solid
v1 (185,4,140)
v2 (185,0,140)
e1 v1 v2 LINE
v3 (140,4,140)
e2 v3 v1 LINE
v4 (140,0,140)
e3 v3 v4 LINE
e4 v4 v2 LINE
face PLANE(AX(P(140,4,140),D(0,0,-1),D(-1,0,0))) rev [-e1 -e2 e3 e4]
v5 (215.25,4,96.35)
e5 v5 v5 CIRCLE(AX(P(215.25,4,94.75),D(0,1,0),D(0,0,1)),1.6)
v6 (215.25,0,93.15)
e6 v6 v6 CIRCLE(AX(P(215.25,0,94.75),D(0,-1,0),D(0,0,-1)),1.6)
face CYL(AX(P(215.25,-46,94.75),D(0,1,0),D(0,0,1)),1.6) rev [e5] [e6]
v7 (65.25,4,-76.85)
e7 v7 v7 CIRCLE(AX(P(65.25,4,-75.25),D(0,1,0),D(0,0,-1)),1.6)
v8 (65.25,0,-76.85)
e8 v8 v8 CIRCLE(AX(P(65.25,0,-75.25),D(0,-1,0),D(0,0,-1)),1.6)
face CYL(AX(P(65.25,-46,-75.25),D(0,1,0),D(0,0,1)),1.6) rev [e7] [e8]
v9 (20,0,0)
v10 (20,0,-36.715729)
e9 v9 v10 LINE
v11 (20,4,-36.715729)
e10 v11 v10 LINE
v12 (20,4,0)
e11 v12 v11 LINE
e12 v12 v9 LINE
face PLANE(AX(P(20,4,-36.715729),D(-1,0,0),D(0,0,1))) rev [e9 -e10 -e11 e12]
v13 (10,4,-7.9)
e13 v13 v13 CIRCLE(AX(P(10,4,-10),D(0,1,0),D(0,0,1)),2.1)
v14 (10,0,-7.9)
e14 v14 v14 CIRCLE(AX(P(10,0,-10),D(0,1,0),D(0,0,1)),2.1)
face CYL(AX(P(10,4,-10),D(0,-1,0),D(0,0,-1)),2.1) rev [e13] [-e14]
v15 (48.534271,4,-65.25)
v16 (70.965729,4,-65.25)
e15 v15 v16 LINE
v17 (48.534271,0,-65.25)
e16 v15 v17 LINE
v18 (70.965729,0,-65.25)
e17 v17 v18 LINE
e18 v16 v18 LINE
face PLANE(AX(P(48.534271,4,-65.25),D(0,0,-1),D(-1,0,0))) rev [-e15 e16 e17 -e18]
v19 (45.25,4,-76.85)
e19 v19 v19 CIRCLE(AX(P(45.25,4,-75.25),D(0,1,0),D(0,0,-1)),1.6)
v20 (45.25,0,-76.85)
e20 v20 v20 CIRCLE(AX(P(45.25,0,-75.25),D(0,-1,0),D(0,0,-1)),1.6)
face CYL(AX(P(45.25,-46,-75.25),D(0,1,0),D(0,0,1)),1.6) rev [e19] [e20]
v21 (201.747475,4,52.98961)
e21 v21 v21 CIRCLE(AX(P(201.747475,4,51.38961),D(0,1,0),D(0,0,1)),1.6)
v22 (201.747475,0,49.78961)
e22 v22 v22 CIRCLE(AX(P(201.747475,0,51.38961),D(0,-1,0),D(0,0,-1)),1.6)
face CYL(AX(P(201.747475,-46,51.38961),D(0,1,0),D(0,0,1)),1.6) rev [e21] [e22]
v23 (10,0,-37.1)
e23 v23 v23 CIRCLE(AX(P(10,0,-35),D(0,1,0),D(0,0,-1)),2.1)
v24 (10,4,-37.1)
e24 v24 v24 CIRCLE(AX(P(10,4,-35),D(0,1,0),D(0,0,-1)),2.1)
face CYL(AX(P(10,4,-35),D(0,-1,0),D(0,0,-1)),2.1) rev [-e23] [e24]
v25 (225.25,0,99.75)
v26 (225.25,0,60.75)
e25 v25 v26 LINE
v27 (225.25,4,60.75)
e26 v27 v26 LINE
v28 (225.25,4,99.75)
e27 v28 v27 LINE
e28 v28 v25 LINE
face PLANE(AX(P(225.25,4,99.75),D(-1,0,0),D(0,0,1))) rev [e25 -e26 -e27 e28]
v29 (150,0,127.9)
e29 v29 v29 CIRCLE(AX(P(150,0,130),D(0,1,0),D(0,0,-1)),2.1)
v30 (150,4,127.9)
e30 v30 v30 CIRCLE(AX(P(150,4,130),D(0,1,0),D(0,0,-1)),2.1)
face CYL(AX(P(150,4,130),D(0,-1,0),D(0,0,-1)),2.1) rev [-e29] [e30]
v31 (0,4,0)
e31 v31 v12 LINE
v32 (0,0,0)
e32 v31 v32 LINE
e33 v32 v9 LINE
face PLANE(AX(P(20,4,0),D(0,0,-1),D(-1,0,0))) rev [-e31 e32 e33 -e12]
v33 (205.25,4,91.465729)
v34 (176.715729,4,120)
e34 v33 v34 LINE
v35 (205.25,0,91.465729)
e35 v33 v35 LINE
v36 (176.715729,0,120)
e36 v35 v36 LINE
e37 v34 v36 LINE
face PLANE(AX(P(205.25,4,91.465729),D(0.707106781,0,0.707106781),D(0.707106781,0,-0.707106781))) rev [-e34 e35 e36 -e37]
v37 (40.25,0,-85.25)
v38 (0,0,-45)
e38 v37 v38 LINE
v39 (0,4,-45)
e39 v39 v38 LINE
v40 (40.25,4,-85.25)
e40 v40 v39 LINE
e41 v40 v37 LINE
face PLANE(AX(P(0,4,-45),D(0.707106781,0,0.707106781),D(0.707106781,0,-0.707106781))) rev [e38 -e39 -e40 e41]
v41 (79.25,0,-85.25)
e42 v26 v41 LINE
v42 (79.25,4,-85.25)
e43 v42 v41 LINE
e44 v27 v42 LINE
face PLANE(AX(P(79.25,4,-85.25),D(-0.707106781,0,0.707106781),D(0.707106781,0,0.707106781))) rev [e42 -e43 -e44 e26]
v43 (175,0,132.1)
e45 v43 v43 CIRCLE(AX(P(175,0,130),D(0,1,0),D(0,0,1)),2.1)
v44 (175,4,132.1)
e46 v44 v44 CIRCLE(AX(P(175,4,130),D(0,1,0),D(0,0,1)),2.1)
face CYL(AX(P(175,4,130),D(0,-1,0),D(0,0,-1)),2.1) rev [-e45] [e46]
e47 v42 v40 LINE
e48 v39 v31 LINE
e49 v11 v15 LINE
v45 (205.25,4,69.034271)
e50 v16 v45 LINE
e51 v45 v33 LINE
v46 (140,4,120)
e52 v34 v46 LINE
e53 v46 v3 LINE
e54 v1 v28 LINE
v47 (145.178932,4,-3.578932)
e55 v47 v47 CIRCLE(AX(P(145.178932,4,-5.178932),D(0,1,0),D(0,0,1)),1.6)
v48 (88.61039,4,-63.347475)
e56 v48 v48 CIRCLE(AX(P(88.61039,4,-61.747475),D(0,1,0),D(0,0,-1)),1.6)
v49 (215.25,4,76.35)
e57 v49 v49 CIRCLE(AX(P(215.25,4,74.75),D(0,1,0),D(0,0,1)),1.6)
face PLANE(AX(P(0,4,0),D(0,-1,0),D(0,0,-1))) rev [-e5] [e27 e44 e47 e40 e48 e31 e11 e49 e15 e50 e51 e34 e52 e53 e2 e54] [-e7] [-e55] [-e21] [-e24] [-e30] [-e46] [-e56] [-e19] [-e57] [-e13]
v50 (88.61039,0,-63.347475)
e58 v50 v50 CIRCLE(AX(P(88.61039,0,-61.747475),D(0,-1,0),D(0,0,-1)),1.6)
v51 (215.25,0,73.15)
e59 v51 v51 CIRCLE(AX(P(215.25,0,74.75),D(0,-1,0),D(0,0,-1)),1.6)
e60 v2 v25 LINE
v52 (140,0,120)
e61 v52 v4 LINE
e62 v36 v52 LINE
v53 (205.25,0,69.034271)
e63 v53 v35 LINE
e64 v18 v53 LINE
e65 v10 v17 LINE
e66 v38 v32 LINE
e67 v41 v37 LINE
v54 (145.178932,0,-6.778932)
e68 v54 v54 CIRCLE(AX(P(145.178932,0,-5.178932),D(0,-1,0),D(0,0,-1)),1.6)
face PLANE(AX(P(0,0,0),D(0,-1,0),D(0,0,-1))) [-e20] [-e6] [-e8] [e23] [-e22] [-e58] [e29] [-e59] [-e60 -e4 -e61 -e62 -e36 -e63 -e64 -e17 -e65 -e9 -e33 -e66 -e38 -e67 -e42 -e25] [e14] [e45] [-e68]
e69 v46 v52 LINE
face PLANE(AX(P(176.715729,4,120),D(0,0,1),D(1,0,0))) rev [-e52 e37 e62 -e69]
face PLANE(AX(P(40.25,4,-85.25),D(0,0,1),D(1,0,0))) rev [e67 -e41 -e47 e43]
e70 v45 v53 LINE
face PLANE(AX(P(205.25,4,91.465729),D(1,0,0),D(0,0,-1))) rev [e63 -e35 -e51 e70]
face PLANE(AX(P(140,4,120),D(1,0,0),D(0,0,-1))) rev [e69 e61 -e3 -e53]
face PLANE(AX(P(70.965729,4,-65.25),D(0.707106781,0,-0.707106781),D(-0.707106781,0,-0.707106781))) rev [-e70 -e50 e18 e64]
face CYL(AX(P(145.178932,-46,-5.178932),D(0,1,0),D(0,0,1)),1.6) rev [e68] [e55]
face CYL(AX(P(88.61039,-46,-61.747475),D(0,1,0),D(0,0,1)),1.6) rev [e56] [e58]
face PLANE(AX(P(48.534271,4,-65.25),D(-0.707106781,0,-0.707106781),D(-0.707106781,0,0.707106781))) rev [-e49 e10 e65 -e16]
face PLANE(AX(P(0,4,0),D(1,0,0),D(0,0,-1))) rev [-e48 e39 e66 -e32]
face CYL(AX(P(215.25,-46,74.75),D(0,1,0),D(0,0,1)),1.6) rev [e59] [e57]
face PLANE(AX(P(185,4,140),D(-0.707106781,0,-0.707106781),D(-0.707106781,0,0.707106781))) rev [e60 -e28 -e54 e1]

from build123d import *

# Parameters (mm, degrees)
SKETCH_1_R          = 2.1
EXTRUDE_1_DEPTH     = 4
SKETCH_2_R          = 1.6
CUT_EXTRUDE_1_DEPTH = 50


with BuildPart() as part:
    # 草图1 → 凸台-拉伸1 (new body)
    with BuildSketch(Plane(origin=(0, 0, 0), x_dir=(1, 0, 0), z_dir=(0, 1, 0))):
        Polygon((20, 0), (0, 0), (0, 45), (40.25, 85.25), (79.25, 85.25), (225.25, -60.75), (225.25, -99.75), (185, -140), (140, -140), (140, -120), (176.715728753, -120), (205.25, -91.465728753), (205.25, -69.034271247), (70.965728753, 65.25), (48.534271247, 65.25), (20, 36.715728753), align=None)
        with Locations(Location((10, 10, 0), (0, 0, 270))):
            Circle(SKETCH_1_R, mode=Mode.SUBTRACT)
        with Locations(Location((10, 35, 0), (0, 0, 90))):
            Circle(SKETCH_1_R, mode=Mode.SUBTRACT)
        with Locations(Location((175, -130, 0), (0, 0, 270))):
            Circle(SKETCH_1_R, mode=Mode.SUBTRACT)
        with Locations(Location((150, -130, 0), (0, 0, 90))):
            Circle(SKETCH_1_R, mode=Mode.SUBTRACT)
    extrude(amount=EXTRUDE_1_DEPTH)

    # 草图2 → 切除-拉伸1 (cut)
    with BuildSketch(Plane(origin=(0, 4, 0), x_dir=(1, 0, 0), z_dir=(0, 1, 0))):
        with Locations(Location((215.25, -94.75, 0), (0, 0, 270))):
            Circle(SKETCH_2_R)
        with Locations(Location((215.25, -74.75, 0), (0, 0, 270))):
            Circle(SKETCH_2_R)
        with Locations(Location((201.747474683, -51.389610307, 0), (0, 0, 270))):
            Circle(SKETCH_2_R)
        with Locations(Location((145.178932188, 5.178932188, 0), (0, 0, 270))):
            Circle(SKETCH_2_R)
        with Locations(Location((88.610389693, 61.747474683, 0), (0, 0, 90))):
            Circle(SKETCH_2_R)
        with Locations(Location((65.25, 75.25, 0), (0, 0, 90))):
            Circle(SKETCH_2_R)
        with Locations(Location((45.25, 75.25, 0), (0, 0, 90))):
            Circle(SKETCH_2_R)
    extrude(amount=-CUT_EXTRUDE_1_DEPTH, mode=Mode.SUBTRACT)


solid = part.part
